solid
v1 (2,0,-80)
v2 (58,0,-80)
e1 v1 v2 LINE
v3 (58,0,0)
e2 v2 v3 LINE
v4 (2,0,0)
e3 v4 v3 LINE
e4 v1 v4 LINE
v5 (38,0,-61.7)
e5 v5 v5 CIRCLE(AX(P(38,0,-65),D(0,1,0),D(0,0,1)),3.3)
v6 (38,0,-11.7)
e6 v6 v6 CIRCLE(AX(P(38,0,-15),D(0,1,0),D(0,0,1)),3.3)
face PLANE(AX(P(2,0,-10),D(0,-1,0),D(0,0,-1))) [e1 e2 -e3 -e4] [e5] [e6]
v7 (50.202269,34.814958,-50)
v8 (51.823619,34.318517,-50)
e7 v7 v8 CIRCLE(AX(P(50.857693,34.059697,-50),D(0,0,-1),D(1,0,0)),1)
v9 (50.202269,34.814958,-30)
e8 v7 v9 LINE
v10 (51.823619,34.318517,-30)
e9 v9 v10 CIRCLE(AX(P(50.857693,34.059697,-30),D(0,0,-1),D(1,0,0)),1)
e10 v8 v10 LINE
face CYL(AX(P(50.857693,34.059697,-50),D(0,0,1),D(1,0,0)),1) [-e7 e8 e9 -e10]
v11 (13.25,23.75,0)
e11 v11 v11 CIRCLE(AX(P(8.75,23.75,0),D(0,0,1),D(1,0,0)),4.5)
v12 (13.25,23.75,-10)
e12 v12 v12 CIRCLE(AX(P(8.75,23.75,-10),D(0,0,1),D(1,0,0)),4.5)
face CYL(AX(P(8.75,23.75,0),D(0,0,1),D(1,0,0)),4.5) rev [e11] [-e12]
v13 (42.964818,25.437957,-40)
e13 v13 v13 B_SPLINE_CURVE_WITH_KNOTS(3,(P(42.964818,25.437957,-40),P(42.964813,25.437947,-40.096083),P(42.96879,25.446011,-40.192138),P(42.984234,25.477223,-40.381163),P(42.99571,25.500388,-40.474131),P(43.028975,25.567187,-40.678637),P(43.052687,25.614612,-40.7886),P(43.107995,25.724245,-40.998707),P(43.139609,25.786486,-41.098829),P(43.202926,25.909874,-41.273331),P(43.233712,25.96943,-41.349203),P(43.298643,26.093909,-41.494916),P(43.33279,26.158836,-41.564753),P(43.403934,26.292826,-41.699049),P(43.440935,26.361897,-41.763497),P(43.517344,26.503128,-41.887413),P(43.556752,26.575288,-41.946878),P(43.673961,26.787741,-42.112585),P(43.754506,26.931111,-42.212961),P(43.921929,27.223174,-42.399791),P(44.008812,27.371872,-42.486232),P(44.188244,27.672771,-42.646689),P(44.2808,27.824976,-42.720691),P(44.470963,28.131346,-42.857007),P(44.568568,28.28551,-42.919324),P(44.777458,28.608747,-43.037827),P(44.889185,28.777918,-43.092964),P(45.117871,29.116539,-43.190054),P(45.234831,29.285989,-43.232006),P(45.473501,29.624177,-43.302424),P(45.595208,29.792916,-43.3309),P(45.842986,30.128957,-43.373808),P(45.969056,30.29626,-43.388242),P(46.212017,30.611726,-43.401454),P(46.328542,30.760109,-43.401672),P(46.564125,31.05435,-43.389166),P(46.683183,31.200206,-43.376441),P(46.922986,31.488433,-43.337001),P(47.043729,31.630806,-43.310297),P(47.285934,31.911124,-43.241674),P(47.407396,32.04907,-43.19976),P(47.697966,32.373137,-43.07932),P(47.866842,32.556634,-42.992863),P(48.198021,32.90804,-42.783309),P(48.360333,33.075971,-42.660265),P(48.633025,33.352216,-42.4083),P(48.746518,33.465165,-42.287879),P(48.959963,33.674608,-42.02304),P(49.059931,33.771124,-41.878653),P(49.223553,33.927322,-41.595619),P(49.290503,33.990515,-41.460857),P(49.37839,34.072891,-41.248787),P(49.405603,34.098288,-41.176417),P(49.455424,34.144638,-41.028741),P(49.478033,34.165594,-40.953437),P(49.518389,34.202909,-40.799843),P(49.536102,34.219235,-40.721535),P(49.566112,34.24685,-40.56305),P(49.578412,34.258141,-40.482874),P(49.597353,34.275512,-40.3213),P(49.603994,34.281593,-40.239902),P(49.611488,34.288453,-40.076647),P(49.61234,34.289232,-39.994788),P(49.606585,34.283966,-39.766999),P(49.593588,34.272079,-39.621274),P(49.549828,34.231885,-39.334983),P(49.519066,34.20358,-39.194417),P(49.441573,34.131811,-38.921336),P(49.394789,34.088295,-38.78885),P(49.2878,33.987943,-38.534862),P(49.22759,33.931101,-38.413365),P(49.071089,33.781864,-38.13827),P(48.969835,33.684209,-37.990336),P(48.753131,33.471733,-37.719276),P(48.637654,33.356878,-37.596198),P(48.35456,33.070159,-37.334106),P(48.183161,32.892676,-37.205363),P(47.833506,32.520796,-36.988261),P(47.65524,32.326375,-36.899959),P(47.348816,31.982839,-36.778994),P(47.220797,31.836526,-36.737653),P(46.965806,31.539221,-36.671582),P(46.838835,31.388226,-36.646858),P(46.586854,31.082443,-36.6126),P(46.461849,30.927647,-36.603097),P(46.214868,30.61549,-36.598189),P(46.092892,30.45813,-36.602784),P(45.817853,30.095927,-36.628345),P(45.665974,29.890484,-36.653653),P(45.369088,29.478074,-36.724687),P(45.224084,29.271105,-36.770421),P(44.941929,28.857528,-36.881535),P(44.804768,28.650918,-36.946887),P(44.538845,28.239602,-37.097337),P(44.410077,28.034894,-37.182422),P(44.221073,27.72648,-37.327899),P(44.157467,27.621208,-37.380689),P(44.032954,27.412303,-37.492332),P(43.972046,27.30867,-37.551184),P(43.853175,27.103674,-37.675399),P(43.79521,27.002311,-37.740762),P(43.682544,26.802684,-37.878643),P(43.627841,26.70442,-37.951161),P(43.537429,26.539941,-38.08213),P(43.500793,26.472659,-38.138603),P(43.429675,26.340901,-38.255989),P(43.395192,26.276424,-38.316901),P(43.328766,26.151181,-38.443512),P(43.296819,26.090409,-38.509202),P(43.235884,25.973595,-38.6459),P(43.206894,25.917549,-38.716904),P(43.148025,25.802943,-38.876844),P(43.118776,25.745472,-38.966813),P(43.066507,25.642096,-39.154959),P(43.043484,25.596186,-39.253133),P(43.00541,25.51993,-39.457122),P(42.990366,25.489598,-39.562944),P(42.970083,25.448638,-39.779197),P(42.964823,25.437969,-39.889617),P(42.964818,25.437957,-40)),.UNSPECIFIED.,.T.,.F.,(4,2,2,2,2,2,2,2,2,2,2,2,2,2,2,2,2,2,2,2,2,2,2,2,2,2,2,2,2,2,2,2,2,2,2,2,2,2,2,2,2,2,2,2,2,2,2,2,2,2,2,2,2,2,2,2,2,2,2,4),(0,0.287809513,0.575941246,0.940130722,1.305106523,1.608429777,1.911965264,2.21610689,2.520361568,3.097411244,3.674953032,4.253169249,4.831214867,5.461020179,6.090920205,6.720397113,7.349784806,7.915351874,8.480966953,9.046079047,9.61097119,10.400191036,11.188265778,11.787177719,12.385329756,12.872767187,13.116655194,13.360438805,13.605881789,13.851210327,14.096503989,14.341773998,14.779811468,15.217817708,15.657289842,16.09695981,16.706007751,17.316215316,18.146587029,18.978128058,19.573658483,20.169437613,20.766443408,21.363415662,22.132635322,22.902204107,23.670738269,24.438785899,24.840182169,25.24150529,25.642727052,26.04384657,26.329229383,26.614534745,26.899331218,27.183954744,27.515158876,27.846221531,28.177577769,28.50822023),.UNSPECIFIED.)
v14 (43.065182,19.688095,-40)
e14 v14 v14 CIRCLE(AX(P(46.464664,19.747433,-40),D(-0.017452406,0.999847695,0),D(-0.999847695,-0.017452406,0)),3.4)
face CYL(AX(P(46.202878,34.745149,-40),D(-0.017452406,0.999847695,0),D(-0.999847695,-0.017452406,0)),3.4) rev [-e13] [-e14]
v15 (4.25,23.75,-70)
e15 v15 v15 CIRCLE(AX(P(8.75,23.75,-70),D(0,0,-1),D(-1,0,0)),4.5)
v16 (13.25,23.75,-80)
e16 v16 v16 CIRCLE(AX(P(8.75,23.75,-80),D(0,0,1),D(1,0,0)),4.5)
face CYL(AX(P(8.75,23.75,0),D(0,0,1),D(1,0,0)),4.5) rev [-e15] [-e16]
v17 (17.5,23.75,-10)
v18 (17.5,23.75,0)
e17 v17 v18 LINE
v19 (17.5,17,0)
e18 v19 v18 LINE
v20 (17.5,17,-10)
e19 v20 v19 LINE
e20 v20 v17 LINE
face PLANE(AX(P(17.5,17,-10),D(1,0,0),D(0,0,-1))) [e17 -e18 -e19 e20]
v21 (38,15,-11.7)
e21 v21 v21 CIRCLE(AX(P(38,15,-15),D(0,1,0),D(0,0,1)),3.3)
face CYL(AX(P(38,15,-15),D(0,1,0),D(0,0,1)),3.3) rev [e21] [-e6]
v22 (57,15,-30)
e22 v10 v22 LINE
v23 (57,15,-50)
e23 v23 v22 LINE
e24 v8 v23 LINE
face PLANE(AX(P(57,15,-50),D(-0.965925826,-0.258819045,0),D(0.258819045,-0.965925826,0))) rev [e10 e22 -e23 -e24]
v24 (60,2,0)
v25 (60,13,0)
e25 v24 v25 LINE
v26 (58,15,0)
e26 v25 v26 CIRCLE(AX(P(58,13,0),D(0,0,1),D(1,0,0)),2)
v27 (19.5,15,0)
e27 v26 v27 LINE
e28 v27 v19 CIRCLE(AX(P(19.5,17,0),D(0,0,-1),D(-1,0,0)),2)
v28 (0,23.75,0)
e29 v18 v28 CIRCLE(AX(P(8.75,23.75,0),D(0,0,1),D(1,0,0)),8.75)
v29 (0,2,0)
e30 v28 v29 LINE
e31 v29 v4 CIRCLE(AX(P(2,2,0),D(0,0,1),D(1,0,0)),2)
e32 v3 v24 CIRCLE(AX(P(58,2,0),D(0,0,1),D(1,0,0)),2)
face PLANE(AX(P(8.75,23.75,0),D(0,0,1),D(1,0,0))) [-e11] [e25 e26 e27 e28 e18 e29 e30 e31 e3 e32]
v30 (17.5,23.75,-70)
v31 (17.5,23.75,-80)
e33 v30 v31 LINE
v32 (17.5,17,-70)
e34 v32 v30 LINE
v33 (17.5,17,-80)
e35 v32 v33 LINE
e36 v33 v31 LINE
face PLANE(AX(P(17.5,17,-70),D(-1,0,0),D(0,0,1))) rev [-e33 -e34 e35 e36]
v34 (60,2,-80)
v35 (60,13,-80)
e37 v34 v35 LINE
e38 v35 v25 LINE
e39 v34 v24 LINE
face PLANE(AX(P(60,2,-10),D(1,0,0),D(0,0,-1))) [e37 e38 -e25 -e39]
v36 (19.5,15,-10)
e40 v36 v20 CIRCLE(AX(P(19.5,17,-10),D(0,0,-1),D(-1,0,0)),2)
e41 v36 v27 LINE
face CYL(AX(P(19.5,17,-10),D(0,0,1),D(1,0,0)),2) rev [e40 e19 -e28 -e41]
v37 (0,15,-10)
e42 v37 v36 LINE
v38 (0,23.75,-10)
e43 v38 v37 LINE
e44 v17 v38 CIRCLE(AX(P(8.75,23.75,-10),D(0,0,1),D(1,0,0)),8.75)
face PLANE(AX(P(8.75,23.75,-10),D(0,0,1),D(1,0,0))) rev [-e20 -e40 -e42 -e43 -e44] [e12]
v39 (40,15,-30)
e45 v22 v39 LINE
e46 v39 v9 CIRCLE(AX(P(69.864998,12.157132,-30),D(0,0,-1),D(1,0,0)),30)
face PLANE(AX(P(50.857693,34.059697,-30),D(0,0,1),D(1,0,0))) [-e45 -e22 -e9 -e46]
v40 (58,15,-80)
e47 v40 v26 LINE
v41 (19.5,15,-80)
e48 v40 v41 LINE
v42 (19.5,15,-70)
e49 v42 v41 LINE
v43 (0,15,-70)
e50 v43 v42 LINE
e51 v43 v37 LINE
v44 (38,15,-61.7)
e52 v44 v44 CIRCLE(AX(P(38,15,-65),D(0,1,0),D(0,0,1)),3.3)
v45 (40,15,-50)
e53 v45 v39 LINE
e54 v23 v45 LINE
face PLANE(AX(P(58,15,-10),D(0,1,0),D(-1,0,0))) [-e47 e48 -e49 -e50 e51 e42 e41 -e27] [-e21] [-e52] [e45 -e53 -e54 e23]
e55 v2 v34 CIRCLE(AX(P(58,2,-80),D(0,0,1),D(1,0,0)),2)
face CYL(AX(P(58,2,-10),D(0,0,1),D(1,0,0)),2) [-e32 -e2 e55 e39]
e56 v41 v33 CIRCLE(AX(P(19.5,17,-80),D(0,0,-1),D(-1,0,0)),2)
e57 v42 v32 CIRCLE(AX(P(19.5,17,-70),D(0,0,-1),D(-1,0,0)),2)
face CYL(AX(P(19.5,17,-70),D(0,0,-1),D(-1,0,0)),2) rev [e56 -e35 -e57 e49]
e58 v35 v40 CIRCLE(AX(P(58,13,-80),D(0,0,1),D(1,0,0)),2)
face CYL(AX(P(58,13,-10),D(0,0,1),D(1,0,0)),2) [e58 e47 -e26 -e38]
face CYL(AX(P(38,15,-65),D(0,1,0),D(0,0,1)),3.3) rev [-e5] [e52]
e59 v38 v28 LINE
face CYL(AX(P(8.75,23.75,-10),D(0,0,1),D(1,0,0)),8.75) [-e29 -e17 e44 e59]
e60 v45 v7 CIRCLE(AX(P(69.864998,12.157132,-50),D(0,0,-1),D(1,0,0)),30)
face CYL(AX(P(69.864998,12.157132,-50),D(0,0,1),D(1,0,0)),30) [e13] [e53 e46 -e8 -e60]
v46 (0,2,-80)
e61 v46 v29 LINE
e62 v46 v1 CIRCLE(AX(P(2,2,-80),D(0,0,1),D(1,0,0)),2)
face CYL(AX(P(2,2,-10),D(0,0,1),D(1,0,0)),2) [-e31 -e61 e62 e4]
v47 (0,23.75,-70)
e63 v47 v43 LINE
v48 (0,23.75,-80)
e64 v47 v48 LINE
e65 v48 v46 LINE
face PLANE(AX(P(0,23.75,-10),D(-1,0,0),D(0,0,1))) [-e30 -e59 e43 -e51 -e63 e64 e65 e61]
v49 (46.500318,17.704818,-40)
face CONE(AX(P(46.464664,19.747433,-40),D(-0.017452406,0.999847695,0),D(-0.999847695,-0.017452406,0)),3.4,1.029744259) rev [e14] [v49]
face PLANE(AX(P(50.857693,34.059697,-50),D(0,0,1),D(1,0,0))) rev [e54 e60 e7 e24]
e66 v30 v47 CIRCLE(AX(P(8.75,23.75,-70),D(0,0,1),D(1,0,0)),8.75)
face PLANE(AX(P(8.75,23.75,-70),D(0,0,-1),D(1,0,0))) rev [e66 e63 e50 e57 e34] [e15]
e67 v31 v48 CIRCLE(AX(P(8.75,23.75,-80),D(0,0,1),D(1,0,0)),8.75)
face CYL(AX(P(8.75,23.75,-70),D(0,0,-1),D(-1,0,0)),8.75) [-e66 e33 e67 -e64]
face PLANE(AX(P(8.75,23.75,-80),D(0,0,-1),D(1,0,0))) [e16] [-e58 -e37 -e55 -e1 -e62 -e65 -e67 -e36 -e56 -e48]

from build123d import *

# Parameters (mm, degrees)
BOSS_EXTRUDE1_DEPTH              = 10
BOSS_EXTRUDE2_DEPTH              = 30
BOSS_EXTRUDE3_DEPTH              = 10
M8_CLEARANCE_HOLE1_D             = 9
TAP_DRILL_FOR_M8X1_25_TAP1_D     = 6.8
TAP_DRILL_FOR_M8X1_25_TAP1_DEPTH = 15
TAP_DRILL_FOR_M8X1_25_TAP1_TIP   = 2.042926105
M6_CLEARANCE_HOLE1_D             = 6.6


with BuildPart() as part:
    # Sketch1 → Boss-Extrude1 (new body)
    with BuildSketch(Plane.XY):
        with BuildLine():
            Line((2, 0), (58, 0))
            ThreePointArc((58, 0), (59.414213562, 0.585786438), (60, 2))
            Line((60, 2), (60, 13))
            ThreePointArc((60, 13), (59.414213562, 14.414213562), (58, 15))
            Line((58, 15), (19.5, 15))
            ThreePointArc((19.5, 15), (18.085786438, 15.585786438), (17.5, 17))
            Line((17.5, 17), (17.5, 23.75))
            ThreePointArc((17.5, 23.75), (8.75, 32.5), (0, 23.75))
            Line((0, 23.75), (0, 2))
            ThreePointArc((0, 2), (0.585786438, 0.585786438), (2, 0))
        make_face()
    boss_extrude1 = extrude(amount=-BOSS_EXTRUDE1_DEPTH)

    # Sketch2 → Boss-Extrude2 (add)
    with BuildSketch(Plane(origin=(0, 0, -10), x_dir=(-1, 0, 0), z_dir=(0, 0, -1))):
        with BuildLine():
            Line((-58, 0), (-2, 0))
            ThreePointArc((-2, 0), (-0.585786438, 0.585786438), (0, 2))
            Line((0, 2), (0, 15))
            Line((0, 15), (-58, 15))
            ThreePointArc((-58, 15), (-59.414213562, 14.414213562), (-60, 13))
            Line((-60, 13), (-60, 2))
            ThreePointArc((-60, 2), (-59.414213562, 0.585786438), (-58, 0))
        make_face()
    boss_extrude2 = extrude(amount=BOSS_EXTRUDE2_DEPTH)

    # Mirror2: Boss-Extrude2 across plane
    add(boss_extrude2.mirror(Plane(origin=(0, 0, -40), x_dir=(1, 0, 0), z_dir=(0, 0, -1))))

    # Mirror3: Boss-Extrude1 across plane
    add(boss_extrude1.mirror(Plane(origin=(0, 0, -40), x_dir=(1, 0, 0), z_dir=(0, 0, -1))))

    # Sketch3 → Boss-Extrude3 (add, symmetric)
    with BuildSketch(Plane(origin=(0, 0, -40), x_dir=(-1, 0, 0), z_dir=(0, 0, -1))):
        with BuildLine():
            Line((-57, 15), (-40, 15))
            ThreePointArc((-40, 15), (-43.192782494, 25.890045982), (-50.202268973, 34.814958355))
            ThreePointArc((-50.202268973, 34.814958355), (-51.150466942, 35.015879251), (-51.823619098, 34.318516526))
            Line((-51.823619098, 34.318516526), (-57, 15))
        make_face()
    extrude(amount=BOSS_EXTRUDE3_DEPTH, both=True)

    # M8 Clearance Hole1 (through all)
    with Locations(Plane.XY):
        with Locations((8.75, 23.75)):
            Hole(M8_CLEARANCE_HOLE1_D / 2)

    # Tap Drill for M8x1.25 Tap1
    with Locations(Plane(origin=(-0.592221329, 33.928337229, 0), x_dir=(0, 0, 1), z_dir=(-0.017452406437290298, 0.9998476951563912, 0))):
        with Locations((-40, 46.802227727)):
            Hole(TAP_DRILL_FOR_M8X1_25_TAP1_D / 2, depth=TAP_DRILL_FOR_M8X1_25_TAP1_DEPTH)
            with Locations((0, 0, -(TAP_DRILL_FOR_M8X1_25_TAP1_DEPTH + TAP_DRILL_FOR_M8X1_25_TAP1_TIP / 2))):  # 118° drill point
                Cone(0, TAP_DRILL_FOR_M8X1_25_TAP1_D / 2, TAP_DRILL_FOR_M8X1_25_TAP1_TIP, mode=Mode.SUBTRACT)

    # M6 Clearance Hole1 (through all)
    with Locations(Plane(origin=(0, 15, 0), x_dir=(1, 0, 0), z_dir=(0, 1, 0))):
        with Locations((38, 15), (38, 65)):
            Hole(M6_CLEARANCE_HOLE1_D / 2)


solid = part.part
